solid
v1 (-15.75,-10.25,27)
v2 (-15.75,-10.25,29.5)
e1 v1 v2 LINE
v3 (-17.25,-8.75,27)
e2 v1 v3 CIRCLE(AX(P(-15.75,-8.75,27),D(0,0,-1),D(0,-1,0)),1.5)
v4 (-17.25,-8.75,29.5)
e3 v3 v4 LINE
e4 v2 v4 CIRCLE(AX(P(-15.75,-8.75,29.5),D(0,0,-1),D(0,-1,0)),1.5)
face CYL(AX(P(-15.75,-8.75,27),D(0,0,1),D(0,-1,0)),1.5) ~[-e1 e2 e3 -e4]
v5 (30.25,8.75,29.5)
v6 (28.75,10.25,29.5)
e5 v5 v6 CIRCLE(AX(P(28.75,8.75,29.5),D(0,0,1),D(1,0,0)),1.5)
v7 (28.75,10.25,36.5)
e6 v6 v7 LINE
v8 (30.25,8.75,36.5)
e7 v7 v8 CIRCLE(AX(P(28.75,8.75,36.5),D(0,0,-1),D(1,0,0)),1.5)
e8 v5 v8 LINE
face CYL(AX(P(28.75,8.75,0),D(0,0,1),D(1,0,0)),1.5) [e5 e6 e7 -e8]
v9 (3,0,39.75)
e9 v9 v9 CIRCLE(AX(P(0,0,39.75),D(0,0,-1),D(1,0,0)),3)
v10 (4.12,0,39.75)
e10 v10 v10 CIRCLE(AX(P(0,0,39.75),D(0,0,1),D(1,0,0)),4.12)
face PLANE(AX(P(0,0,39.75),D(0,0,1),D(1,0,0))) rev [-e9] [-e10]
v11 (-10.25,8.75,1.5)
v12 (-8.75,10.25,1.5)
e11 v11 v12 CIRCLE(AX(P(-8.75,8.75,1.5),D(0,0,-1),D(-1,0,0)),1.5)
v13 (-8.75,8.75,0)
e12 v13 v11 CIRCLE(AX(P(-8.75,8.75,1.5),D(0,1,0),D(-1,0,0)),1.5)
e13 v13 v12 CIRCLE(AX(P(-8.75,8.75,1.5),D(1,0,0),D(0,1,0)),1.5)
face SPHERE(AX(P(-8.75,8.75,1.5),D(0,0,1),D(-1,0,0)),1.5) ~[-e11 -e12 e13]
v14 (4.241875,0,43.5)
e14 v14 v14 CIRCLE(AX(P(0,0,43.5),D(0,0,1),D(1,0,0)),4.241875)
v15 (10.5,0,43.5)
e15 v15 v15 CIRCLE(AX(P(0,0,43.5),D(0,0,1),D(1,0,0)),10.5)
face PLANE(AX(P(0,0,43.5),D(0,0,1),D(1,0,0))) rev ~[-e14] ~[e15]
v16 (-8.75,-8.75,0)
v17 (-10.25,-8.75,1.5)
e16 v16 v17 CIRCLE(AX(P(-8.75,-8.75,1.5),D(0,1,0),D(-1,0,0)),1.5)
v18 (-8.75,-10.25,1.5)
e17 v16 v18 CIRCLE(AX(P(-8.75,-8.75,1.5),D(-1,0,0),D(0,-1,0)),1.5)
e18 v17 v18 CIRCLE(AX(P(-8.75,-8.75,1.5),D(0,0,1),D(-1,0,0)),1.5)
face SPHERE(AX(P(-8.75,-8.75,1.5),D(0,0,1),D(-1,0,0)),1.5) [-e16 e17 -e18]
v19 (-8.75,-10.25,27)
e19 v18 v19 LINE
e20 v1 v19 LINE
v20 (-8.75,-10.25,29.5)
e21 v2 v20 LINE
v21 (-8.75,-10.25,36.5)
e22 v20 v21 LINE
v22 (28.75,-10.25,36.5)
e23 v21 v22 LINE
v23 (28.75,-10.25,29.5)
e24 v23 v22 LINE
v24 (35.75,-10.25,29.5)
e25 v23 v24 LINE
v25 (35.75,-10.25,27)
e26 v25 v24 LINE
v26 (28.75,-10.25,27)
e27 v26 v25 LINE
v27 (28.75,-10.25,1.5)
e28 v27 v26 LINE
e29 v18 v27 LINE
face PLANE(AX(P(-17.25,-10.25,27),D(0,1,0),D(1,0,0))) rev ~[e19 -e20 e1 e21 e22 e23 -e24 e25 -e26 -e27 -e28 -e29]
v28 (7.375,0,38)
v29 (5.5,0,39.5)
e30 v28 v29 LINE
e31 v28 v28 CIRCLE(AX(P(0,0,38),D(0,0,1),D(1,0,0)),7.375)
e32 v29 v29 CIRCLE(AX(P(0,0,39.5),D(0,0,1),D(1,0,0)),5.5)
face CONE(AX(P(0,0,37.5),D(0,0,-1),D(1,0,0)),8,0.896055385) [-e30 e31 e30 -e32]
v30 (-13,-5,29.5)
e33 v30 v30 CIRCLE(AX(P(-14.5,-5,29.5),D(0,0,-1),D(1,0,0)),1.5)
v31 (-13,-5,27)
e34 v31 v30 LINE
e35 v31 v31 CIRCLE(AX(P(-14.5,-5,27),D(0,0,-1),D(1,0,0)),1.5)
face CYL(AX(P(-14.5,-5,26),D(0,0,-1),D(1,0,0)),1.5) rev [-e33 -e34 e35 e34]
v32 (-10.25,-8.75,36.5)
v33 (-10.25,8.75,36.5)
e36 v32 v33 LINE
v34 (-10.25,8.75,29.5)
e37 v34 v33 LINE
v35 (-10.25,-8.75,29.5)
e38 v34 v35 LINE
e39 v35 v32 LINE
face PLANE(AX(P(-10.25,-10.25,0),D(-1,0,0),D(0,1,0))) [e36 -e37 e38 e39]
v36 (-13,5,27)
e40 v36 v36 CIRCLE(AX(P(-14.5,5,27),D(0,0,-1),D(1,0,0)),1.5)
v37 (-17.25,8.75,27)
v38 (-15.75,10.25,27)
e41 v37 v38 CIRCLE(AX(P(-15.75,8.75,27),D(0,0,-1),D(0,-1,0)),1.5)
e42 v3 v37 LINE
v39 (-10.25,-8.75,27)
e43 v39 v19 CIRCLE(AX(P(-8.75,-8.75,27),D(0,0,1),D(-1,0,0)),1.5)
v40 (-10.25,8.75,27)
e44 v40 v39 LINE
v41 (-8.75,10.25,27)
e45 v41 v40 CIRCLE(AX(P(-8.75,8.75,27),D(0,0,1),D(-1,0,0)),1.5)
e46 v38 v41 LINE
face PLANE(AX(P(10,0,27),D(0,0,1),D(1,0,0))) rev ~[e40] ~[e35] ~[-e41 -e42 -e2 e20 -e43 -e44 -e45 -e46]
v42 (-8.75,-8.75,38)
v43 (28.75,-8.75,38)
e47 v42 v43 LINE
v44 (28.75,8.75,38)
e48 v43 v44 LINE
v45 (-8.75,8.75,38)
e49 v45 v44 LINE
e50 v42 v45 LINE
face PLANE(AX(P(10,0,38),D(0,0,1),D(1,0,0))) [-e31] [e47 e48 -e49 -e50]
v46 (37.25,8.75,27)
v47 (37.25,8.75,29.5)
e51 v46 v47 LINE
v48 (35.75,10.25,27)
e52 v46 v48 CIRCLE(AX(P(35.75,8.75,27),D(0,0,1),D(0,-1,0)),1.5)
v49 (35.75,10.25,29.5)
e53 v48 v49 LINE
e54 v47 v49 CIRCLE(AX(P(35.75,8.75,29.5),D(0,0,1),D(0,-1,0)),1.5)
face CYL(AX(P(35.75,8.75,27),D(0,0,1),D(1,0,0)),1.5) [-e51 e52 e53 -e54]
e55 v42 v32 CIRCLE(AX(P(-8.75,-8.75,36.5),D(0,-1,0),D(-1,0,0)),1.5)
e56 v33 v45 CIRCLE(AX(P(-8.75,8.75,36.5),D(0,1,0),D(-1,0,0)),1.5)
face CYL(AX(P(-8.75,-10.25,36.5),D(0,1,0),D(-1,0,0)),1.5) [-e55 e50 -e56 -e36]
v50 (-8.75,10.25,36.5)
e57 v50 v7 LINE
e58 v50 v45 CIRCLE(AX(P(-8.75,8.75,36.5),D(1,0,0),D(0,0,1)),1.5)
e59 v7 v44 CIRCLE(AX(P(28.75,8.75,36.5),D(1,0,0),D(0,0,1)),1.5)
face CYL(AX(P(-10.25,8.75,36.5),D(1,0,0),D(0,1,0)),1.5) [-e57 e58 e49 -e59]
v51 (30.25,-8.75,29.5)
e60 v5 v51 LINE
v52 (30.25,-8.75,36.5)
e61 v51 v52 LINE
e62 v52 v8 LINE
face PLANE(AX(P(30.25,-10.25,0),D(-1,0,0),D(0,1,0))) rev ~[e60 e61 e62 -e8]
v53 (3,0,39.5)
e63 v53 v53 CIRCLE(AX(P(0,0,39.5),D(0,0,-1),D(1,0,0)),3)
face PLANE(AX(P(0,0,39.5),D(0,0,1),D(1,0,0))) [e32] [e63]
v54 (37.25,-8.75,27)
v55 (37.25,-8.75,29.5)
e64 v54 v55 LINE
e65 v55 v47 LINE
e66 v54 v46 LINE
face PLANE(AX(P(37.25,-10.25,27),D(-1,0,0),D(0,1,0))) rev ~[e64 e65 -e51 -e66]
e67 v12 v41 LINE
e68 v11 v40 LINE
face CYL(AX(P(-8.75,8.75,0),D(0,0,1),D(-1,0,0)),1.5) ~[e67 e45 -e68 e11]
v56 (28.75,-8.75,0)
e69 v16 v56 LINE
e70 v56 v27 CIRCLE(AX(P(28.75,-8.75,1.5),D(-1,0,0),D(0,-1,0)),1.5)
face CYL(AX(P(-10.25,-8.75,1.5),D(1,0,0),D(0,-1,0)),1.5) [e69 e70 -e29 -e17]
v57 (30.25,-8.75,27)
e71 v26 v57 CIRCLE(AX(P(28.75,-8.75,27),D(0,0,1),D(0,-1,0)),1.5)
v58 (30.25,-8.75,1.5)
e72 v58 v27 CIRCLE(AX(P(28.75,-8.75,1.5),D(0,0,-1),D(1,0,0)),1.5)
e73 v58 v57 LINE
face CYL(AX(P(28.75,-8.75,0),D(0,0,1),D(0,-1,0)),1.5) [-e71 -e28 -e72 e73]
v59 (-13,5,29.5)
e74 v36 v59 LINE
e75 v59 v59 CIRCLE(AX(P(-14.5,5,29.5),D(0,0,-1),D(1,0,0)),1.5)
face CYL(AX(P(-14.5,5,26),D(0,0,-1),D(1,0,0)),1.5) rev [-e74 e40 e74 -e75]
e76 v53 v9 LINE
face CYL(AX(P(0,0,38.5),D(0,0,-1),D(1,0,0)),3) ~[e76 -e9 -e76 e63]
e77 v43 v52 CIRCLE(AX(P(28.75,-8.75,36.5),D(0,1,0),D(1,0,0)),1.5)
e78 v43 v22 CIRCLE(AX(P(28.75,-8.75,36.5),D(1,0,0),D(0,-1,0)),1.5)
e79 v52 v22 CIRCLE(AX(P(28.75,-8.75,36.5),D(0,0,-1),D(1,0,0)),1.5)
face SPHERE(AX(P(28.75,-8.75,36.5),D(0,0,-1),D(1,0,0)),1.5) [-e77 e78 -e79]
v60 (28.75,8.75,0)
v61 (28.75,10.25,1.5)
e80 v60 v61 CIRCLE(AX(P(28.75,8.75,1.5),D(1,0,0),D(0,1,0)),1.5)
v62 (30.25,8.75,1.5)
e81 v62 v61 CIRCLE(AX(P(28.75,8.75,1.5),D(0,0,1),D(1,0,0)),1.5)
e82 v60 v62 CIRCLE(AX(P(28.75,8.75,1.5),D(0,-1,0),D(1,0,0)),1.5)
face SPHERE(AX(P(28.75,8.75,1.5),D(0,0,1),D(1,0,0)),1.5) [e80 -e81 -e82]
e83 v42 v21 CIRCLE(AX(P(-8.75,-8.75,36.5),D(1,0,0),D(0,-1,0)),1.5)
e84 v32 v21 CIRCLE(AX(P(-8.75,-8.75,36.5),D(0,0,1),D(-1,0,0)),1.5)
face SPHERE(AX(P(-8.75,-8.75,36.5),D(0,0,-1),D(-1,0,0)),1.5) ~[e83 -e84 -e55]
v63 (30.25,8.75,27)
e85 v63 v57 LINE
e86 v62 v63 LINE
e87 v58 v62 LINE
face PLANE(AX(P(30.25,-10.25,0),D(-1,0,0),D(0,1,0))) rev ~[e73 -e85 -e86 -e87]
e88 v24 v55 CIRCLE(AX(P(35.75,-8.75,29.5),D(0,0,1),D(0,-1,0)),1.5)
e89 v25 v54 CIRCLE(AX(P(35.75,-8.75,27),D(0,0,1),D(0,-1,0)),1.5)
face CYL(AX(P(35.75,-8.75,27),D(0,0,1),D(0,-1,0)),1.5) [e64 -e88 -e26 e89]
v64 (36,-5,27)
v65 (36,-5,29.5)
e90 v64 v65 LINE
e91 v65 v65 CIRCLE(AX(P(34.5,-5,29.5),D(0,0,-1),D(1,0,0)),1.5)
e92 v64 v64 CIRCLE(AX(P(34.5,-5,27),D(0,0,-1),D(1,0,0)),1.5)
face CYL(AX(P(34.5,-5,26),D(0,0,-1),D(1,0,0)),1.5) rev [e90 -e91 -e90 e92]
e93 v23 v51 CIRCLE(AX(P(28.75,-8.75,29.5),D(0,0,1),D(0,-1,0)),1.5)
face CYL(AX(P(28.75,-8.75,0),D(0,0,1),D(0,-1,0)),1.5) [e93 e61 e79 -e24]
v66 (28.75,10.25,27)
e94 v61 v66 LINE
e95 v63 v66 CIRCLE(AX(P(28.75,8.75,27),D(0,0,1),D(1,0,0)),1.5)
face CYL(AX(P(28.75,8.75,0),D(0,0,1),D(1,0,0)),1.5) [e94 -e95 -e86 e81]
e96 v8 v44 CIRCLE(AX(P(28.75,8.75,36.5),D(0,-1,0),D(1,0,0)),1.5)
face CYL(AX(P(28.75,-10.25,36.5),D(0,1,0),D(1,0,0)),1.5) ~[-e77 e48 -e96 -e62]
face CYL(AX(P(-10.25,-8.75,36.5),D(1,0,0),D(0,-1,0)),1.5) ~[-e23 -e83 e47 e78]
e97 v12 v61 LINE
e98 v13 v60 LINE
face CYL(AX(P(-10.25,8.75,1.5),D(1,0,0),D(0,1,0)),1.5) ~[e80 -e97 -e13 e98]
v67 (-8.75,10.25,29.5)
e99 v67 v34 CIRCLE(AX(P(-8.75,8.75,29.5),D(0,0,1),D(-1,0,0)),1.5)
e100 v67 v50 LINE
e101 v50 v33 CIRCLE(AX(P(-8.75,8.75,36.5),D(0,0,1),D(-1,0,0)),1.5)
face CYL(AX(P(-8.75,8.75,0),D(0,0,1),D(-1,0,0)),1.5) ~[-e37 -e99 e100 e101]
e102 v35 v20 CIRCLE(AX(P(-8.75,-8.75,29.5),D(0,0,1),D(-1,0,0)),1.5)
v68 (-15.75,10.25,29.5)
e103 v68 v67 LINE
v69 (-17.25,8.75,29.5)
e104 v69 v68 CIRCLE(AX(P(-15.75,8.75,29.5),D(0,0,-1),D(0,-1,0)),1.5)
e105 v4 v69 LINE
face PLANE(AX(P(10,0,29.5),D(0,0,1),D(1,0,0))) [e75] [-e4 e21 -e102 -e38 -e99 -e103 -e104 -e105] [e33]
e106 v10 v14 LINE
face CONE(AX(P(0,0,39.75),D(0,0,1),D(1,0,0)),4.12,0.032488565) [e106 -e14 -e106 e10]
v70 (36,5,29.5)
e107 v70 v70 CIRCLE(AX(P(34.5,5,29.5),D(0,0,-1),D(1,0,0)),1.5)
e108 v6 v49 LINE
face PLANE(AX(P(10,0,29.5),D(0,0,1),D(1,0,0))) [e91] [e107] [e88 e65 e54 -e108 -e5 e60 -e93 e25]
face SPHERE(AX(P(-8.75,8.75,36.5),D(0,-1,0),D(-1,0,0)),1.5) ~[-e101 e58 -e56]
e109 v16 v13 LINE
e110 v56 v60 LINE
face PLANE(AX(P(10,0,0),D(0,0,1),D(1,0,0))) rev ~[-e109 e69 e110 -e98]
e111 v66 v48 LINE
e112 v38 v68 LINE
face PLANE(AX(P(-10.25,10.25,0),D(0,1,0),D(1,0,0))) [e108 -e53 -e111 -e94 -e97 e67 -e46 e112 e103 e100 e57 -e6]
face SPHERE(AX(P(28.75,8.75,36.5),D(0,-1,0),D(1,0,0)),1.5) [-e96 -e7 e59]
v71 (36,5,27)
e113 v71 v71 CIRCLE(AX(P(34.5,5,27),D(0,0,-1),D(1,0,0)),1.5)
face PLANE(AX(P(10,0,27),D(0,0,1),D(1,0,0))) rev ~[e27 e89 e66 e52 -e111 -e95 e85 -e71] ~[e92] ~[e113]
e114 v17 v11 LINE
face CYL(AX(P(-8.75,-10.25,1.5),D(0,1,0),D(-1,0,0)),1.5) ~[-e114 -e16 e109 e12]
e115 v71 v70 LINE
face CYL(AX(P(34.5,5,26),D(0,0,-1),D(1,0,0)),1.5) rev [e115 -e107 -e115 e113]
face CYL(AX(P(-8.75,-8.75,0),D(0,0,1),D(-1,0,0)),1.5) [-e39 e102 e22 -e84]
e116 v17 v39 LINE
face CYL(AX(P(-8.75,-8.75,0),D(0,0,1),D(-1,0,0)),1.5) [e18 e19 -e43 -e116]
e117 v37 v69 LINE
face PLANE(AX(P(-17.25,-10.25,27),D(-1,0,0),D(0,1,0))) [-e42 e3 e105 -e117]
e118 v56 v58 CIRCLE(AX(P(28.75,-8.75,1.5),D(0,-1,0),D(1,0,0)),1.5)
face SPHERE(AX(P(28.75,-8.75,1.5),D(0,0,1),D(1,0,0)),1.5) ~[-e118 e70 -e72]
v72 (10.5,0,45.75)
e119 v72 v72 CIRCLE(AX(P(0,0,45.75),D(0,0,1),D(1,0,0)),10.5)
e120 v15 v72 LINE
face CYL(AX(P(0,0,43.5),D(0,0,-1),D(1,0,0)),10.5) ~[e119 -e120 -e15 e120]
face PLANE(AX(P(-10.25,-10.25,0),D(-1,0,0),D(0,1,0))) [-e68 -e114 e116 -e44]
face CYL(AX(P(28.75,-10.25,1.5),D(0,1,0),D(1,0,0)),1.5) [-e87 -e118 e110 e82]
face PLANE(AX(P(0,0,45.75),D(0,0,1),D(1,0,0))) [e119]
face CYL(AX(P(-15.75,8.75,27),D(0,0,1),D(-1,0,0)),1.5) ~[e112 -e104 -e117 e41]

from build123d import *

# Parameters (mm, degrees)
CYLINDER001_R     = 3
CYLINDER001_DEPTH = 4.5
CYLINDER002_R     = 1.5
CYLINDER002_DEPTH = 5
BOX001_W          = 54.5
BOX001_H          = 20.5
BOX001_DEPTH      = 2.5
FILLET_R          = 1.5
FILLET001_R       = 1.5
FILLET002_R       = 1.5
FILLET003_R       = 1.5
BOX_W             = 40.5
BOX_H             = 20.5
BOX_DEPTH         = 38
FILLET004_R       = 1.5
CYLINDER_R        = 10.5
CYLINDER_DEPTH    = 2.25


with BuildPart() as servobodycone:
    # Cone → Cone (revolve)
    with BuildSketch(Plane(origin=(0, 0, 37.5), x_dir=(1, 0, 0), z_dir=(0, -1, 0))):
        Polygon((0, 0), (8, 0), (5.5, 2), (0, 2), align=None)
    revolve(axis=Axis((0, 0, 37.5), (0, 0, 1)))


with BuildPart() as cone001:
    # Cone001 → Cone001 (revolve)
    with BuildSketch(Plane(origin=(0, 0, 39.75), x_dir=(1, 0, 0), z_dir=(0, -1, 0))):
        Polygon((0, 0), (4.12, 0), (4.25, 4), (0, 4), align=None)
    revolve(axis=Axis((0, 0, 39.75), (0, 0, 1)))


with BuildPart() as shaft:
    # Cylinder001 → Cylinder001 (new body)
    with BuildSketch(Plane.XY.offset(38.5)):
        Circle(CYLINDER001_R)
    extrude(amount=CYLINDER001_DEPTH)


with BuildPart() as screw_hole1:
    # Cylinder002 → Cylinder002 (new body)
    with BuildSketch(Plane(origin=(-14.5, 5, 26), x_dir=(1, 0, 0), z_dir=(0, 0, 1))):
        Circle(CYLINDER002_R)
    extrude(amount=CYLINDER002_DEPTH)


with BuildPart() as screw_hole3:
    # Clone001 base: copy of Screw_hole1
    add(screw_hole1.part)


with BuildPart() as screw_hole3_1:
    # Clone001 placement: moved
    add(screw_hole3.part.moved(Location((49, 0, 0))))


with BuildPart() as screw_hole4:
    # Clone002 base: copy of Screw_hole3
    add(screw_hole3_1.part)


with BuildPart() as screw_hole4_1:
    # Clone002 placement: moved
    add(screw_hole4.part.moved(Location((0, -10, 0))))


with BuildPart() as screw_hole2:
    # Clone base: copy of Screw_hole1
    add(screw_hole1.part)


with BuildPart() as screw_hole2_1:
    # Clone placement: moved
    add(screw_hole2.part.moved(Location((0, -10, 0))))


with BuildPart() as servo_lugs001:
    # Box001 → Box001 (new body)
    with BuildSketch(Plane(origin=(-17.25, -10.25, 27), x_dir=(1, 0, 0), z_dir=(0, 0, 1))):
        with Locations((27.25, 10.25)):
            Rectangle(BOX001_W, BOX001_H)
    extrude(amount=BOX001_DEPTH)

    # Cut: cut Screw_hole1
    add(screw_hole1.part, mode=Mode.SUBTRACT)

    # Cut001: cut Screw_hole2
    add(screw_hole2_1.part, mode=Mode.SUBTRACT)

    # Cut002: cut Screw_hole3
    add(screw_hole3_1.part, mode=Mode.SUBTRACT)

    # Cut003: cut Screw_hole4
    add(screw_hole4_1.part, mode=Mode.SUBTRACT)

    # Fillet
    fillet_edges = [servo_lugs001.edges().sort_by_distance(p)[0] for p in [
        (37.25, -10.25, 28.25),
    ]]
    fillet(fillet_edges, radius=FILLET_R)

    # Fillet001
    fillet001_edges = [servo_lugs001.edges().sort_by_distance(p)[0] for p in [
        (37.25, 10.25, 28.25),
    ]]
    fillet(fillet001_edges, radius=FILLET001_R)

    # Fillet002
    fillet002_edges = [servo_lugs001.edges().sort_by_distance(p)[0] for p in [
        (-17.25, -10.25, 28.25),
    ]]
    fillet(fillet002_edges, radius=FILLET002_R)

    # Fillet003
    fillet003_edges = [servo_lugs001.edges().sort_by_distance(p)[0] for p in [
        (-17.25, 10.25, 28.25),
    ]]
    fillet(fillet003_edges, radius=FILLET003_R)


with BuildPart() as servobody001:
    # Box → Box (new body)
    with BuildSketch(Plane(origin=(-10.25, -10.25, 0), x_dir=(1, 0, 0), z_dir=(0, 0, 1))):
        with Locations((20.25, 10.25)):
            Rectangle(BOX_W, BOX_H)
    extrude(amount=BOX_DEPTH)

    # Fillet004
    fillet004_edges = [servobody001.edges().sort_by_distance(p)[0] for p in [
        (-10.25, -10.25, 19),
        (-10.25, 0, 38),
        (-10.25, 10.25, 19),
        (-10.25, 0, 0),
        (30.25, -10.25, 19),
        (30.25, 0, 38),
        (30.25, 10.25, 19),
        (30.25, 0, 0),
        (10, -10.25, 0),
        (10, -10.25, 38),
        (10, 10.25, 0),
        (10, 10.25, 38),
    ]]
    fillet(fillet004_edges, radius=FILLET004_R)


with BuildPart() as servo:
    # Cylinder → Cylinder (new body)
    with BuildSketch(Plane.XY.offset(43.5)):
        Circle(CYLINDER_R)
    extrude(amount=CYLINDER_DEPTH)

    # Fusion: union ServoBodyCone, Cone001, shaft, servo_lugs001, ServoBody001
    add(servobodycone.part)
    add(cone001.part)
    add(shaft.part)
    add(servo_lugs001.part)
    add(servobody001.part)


solid = servo.part
